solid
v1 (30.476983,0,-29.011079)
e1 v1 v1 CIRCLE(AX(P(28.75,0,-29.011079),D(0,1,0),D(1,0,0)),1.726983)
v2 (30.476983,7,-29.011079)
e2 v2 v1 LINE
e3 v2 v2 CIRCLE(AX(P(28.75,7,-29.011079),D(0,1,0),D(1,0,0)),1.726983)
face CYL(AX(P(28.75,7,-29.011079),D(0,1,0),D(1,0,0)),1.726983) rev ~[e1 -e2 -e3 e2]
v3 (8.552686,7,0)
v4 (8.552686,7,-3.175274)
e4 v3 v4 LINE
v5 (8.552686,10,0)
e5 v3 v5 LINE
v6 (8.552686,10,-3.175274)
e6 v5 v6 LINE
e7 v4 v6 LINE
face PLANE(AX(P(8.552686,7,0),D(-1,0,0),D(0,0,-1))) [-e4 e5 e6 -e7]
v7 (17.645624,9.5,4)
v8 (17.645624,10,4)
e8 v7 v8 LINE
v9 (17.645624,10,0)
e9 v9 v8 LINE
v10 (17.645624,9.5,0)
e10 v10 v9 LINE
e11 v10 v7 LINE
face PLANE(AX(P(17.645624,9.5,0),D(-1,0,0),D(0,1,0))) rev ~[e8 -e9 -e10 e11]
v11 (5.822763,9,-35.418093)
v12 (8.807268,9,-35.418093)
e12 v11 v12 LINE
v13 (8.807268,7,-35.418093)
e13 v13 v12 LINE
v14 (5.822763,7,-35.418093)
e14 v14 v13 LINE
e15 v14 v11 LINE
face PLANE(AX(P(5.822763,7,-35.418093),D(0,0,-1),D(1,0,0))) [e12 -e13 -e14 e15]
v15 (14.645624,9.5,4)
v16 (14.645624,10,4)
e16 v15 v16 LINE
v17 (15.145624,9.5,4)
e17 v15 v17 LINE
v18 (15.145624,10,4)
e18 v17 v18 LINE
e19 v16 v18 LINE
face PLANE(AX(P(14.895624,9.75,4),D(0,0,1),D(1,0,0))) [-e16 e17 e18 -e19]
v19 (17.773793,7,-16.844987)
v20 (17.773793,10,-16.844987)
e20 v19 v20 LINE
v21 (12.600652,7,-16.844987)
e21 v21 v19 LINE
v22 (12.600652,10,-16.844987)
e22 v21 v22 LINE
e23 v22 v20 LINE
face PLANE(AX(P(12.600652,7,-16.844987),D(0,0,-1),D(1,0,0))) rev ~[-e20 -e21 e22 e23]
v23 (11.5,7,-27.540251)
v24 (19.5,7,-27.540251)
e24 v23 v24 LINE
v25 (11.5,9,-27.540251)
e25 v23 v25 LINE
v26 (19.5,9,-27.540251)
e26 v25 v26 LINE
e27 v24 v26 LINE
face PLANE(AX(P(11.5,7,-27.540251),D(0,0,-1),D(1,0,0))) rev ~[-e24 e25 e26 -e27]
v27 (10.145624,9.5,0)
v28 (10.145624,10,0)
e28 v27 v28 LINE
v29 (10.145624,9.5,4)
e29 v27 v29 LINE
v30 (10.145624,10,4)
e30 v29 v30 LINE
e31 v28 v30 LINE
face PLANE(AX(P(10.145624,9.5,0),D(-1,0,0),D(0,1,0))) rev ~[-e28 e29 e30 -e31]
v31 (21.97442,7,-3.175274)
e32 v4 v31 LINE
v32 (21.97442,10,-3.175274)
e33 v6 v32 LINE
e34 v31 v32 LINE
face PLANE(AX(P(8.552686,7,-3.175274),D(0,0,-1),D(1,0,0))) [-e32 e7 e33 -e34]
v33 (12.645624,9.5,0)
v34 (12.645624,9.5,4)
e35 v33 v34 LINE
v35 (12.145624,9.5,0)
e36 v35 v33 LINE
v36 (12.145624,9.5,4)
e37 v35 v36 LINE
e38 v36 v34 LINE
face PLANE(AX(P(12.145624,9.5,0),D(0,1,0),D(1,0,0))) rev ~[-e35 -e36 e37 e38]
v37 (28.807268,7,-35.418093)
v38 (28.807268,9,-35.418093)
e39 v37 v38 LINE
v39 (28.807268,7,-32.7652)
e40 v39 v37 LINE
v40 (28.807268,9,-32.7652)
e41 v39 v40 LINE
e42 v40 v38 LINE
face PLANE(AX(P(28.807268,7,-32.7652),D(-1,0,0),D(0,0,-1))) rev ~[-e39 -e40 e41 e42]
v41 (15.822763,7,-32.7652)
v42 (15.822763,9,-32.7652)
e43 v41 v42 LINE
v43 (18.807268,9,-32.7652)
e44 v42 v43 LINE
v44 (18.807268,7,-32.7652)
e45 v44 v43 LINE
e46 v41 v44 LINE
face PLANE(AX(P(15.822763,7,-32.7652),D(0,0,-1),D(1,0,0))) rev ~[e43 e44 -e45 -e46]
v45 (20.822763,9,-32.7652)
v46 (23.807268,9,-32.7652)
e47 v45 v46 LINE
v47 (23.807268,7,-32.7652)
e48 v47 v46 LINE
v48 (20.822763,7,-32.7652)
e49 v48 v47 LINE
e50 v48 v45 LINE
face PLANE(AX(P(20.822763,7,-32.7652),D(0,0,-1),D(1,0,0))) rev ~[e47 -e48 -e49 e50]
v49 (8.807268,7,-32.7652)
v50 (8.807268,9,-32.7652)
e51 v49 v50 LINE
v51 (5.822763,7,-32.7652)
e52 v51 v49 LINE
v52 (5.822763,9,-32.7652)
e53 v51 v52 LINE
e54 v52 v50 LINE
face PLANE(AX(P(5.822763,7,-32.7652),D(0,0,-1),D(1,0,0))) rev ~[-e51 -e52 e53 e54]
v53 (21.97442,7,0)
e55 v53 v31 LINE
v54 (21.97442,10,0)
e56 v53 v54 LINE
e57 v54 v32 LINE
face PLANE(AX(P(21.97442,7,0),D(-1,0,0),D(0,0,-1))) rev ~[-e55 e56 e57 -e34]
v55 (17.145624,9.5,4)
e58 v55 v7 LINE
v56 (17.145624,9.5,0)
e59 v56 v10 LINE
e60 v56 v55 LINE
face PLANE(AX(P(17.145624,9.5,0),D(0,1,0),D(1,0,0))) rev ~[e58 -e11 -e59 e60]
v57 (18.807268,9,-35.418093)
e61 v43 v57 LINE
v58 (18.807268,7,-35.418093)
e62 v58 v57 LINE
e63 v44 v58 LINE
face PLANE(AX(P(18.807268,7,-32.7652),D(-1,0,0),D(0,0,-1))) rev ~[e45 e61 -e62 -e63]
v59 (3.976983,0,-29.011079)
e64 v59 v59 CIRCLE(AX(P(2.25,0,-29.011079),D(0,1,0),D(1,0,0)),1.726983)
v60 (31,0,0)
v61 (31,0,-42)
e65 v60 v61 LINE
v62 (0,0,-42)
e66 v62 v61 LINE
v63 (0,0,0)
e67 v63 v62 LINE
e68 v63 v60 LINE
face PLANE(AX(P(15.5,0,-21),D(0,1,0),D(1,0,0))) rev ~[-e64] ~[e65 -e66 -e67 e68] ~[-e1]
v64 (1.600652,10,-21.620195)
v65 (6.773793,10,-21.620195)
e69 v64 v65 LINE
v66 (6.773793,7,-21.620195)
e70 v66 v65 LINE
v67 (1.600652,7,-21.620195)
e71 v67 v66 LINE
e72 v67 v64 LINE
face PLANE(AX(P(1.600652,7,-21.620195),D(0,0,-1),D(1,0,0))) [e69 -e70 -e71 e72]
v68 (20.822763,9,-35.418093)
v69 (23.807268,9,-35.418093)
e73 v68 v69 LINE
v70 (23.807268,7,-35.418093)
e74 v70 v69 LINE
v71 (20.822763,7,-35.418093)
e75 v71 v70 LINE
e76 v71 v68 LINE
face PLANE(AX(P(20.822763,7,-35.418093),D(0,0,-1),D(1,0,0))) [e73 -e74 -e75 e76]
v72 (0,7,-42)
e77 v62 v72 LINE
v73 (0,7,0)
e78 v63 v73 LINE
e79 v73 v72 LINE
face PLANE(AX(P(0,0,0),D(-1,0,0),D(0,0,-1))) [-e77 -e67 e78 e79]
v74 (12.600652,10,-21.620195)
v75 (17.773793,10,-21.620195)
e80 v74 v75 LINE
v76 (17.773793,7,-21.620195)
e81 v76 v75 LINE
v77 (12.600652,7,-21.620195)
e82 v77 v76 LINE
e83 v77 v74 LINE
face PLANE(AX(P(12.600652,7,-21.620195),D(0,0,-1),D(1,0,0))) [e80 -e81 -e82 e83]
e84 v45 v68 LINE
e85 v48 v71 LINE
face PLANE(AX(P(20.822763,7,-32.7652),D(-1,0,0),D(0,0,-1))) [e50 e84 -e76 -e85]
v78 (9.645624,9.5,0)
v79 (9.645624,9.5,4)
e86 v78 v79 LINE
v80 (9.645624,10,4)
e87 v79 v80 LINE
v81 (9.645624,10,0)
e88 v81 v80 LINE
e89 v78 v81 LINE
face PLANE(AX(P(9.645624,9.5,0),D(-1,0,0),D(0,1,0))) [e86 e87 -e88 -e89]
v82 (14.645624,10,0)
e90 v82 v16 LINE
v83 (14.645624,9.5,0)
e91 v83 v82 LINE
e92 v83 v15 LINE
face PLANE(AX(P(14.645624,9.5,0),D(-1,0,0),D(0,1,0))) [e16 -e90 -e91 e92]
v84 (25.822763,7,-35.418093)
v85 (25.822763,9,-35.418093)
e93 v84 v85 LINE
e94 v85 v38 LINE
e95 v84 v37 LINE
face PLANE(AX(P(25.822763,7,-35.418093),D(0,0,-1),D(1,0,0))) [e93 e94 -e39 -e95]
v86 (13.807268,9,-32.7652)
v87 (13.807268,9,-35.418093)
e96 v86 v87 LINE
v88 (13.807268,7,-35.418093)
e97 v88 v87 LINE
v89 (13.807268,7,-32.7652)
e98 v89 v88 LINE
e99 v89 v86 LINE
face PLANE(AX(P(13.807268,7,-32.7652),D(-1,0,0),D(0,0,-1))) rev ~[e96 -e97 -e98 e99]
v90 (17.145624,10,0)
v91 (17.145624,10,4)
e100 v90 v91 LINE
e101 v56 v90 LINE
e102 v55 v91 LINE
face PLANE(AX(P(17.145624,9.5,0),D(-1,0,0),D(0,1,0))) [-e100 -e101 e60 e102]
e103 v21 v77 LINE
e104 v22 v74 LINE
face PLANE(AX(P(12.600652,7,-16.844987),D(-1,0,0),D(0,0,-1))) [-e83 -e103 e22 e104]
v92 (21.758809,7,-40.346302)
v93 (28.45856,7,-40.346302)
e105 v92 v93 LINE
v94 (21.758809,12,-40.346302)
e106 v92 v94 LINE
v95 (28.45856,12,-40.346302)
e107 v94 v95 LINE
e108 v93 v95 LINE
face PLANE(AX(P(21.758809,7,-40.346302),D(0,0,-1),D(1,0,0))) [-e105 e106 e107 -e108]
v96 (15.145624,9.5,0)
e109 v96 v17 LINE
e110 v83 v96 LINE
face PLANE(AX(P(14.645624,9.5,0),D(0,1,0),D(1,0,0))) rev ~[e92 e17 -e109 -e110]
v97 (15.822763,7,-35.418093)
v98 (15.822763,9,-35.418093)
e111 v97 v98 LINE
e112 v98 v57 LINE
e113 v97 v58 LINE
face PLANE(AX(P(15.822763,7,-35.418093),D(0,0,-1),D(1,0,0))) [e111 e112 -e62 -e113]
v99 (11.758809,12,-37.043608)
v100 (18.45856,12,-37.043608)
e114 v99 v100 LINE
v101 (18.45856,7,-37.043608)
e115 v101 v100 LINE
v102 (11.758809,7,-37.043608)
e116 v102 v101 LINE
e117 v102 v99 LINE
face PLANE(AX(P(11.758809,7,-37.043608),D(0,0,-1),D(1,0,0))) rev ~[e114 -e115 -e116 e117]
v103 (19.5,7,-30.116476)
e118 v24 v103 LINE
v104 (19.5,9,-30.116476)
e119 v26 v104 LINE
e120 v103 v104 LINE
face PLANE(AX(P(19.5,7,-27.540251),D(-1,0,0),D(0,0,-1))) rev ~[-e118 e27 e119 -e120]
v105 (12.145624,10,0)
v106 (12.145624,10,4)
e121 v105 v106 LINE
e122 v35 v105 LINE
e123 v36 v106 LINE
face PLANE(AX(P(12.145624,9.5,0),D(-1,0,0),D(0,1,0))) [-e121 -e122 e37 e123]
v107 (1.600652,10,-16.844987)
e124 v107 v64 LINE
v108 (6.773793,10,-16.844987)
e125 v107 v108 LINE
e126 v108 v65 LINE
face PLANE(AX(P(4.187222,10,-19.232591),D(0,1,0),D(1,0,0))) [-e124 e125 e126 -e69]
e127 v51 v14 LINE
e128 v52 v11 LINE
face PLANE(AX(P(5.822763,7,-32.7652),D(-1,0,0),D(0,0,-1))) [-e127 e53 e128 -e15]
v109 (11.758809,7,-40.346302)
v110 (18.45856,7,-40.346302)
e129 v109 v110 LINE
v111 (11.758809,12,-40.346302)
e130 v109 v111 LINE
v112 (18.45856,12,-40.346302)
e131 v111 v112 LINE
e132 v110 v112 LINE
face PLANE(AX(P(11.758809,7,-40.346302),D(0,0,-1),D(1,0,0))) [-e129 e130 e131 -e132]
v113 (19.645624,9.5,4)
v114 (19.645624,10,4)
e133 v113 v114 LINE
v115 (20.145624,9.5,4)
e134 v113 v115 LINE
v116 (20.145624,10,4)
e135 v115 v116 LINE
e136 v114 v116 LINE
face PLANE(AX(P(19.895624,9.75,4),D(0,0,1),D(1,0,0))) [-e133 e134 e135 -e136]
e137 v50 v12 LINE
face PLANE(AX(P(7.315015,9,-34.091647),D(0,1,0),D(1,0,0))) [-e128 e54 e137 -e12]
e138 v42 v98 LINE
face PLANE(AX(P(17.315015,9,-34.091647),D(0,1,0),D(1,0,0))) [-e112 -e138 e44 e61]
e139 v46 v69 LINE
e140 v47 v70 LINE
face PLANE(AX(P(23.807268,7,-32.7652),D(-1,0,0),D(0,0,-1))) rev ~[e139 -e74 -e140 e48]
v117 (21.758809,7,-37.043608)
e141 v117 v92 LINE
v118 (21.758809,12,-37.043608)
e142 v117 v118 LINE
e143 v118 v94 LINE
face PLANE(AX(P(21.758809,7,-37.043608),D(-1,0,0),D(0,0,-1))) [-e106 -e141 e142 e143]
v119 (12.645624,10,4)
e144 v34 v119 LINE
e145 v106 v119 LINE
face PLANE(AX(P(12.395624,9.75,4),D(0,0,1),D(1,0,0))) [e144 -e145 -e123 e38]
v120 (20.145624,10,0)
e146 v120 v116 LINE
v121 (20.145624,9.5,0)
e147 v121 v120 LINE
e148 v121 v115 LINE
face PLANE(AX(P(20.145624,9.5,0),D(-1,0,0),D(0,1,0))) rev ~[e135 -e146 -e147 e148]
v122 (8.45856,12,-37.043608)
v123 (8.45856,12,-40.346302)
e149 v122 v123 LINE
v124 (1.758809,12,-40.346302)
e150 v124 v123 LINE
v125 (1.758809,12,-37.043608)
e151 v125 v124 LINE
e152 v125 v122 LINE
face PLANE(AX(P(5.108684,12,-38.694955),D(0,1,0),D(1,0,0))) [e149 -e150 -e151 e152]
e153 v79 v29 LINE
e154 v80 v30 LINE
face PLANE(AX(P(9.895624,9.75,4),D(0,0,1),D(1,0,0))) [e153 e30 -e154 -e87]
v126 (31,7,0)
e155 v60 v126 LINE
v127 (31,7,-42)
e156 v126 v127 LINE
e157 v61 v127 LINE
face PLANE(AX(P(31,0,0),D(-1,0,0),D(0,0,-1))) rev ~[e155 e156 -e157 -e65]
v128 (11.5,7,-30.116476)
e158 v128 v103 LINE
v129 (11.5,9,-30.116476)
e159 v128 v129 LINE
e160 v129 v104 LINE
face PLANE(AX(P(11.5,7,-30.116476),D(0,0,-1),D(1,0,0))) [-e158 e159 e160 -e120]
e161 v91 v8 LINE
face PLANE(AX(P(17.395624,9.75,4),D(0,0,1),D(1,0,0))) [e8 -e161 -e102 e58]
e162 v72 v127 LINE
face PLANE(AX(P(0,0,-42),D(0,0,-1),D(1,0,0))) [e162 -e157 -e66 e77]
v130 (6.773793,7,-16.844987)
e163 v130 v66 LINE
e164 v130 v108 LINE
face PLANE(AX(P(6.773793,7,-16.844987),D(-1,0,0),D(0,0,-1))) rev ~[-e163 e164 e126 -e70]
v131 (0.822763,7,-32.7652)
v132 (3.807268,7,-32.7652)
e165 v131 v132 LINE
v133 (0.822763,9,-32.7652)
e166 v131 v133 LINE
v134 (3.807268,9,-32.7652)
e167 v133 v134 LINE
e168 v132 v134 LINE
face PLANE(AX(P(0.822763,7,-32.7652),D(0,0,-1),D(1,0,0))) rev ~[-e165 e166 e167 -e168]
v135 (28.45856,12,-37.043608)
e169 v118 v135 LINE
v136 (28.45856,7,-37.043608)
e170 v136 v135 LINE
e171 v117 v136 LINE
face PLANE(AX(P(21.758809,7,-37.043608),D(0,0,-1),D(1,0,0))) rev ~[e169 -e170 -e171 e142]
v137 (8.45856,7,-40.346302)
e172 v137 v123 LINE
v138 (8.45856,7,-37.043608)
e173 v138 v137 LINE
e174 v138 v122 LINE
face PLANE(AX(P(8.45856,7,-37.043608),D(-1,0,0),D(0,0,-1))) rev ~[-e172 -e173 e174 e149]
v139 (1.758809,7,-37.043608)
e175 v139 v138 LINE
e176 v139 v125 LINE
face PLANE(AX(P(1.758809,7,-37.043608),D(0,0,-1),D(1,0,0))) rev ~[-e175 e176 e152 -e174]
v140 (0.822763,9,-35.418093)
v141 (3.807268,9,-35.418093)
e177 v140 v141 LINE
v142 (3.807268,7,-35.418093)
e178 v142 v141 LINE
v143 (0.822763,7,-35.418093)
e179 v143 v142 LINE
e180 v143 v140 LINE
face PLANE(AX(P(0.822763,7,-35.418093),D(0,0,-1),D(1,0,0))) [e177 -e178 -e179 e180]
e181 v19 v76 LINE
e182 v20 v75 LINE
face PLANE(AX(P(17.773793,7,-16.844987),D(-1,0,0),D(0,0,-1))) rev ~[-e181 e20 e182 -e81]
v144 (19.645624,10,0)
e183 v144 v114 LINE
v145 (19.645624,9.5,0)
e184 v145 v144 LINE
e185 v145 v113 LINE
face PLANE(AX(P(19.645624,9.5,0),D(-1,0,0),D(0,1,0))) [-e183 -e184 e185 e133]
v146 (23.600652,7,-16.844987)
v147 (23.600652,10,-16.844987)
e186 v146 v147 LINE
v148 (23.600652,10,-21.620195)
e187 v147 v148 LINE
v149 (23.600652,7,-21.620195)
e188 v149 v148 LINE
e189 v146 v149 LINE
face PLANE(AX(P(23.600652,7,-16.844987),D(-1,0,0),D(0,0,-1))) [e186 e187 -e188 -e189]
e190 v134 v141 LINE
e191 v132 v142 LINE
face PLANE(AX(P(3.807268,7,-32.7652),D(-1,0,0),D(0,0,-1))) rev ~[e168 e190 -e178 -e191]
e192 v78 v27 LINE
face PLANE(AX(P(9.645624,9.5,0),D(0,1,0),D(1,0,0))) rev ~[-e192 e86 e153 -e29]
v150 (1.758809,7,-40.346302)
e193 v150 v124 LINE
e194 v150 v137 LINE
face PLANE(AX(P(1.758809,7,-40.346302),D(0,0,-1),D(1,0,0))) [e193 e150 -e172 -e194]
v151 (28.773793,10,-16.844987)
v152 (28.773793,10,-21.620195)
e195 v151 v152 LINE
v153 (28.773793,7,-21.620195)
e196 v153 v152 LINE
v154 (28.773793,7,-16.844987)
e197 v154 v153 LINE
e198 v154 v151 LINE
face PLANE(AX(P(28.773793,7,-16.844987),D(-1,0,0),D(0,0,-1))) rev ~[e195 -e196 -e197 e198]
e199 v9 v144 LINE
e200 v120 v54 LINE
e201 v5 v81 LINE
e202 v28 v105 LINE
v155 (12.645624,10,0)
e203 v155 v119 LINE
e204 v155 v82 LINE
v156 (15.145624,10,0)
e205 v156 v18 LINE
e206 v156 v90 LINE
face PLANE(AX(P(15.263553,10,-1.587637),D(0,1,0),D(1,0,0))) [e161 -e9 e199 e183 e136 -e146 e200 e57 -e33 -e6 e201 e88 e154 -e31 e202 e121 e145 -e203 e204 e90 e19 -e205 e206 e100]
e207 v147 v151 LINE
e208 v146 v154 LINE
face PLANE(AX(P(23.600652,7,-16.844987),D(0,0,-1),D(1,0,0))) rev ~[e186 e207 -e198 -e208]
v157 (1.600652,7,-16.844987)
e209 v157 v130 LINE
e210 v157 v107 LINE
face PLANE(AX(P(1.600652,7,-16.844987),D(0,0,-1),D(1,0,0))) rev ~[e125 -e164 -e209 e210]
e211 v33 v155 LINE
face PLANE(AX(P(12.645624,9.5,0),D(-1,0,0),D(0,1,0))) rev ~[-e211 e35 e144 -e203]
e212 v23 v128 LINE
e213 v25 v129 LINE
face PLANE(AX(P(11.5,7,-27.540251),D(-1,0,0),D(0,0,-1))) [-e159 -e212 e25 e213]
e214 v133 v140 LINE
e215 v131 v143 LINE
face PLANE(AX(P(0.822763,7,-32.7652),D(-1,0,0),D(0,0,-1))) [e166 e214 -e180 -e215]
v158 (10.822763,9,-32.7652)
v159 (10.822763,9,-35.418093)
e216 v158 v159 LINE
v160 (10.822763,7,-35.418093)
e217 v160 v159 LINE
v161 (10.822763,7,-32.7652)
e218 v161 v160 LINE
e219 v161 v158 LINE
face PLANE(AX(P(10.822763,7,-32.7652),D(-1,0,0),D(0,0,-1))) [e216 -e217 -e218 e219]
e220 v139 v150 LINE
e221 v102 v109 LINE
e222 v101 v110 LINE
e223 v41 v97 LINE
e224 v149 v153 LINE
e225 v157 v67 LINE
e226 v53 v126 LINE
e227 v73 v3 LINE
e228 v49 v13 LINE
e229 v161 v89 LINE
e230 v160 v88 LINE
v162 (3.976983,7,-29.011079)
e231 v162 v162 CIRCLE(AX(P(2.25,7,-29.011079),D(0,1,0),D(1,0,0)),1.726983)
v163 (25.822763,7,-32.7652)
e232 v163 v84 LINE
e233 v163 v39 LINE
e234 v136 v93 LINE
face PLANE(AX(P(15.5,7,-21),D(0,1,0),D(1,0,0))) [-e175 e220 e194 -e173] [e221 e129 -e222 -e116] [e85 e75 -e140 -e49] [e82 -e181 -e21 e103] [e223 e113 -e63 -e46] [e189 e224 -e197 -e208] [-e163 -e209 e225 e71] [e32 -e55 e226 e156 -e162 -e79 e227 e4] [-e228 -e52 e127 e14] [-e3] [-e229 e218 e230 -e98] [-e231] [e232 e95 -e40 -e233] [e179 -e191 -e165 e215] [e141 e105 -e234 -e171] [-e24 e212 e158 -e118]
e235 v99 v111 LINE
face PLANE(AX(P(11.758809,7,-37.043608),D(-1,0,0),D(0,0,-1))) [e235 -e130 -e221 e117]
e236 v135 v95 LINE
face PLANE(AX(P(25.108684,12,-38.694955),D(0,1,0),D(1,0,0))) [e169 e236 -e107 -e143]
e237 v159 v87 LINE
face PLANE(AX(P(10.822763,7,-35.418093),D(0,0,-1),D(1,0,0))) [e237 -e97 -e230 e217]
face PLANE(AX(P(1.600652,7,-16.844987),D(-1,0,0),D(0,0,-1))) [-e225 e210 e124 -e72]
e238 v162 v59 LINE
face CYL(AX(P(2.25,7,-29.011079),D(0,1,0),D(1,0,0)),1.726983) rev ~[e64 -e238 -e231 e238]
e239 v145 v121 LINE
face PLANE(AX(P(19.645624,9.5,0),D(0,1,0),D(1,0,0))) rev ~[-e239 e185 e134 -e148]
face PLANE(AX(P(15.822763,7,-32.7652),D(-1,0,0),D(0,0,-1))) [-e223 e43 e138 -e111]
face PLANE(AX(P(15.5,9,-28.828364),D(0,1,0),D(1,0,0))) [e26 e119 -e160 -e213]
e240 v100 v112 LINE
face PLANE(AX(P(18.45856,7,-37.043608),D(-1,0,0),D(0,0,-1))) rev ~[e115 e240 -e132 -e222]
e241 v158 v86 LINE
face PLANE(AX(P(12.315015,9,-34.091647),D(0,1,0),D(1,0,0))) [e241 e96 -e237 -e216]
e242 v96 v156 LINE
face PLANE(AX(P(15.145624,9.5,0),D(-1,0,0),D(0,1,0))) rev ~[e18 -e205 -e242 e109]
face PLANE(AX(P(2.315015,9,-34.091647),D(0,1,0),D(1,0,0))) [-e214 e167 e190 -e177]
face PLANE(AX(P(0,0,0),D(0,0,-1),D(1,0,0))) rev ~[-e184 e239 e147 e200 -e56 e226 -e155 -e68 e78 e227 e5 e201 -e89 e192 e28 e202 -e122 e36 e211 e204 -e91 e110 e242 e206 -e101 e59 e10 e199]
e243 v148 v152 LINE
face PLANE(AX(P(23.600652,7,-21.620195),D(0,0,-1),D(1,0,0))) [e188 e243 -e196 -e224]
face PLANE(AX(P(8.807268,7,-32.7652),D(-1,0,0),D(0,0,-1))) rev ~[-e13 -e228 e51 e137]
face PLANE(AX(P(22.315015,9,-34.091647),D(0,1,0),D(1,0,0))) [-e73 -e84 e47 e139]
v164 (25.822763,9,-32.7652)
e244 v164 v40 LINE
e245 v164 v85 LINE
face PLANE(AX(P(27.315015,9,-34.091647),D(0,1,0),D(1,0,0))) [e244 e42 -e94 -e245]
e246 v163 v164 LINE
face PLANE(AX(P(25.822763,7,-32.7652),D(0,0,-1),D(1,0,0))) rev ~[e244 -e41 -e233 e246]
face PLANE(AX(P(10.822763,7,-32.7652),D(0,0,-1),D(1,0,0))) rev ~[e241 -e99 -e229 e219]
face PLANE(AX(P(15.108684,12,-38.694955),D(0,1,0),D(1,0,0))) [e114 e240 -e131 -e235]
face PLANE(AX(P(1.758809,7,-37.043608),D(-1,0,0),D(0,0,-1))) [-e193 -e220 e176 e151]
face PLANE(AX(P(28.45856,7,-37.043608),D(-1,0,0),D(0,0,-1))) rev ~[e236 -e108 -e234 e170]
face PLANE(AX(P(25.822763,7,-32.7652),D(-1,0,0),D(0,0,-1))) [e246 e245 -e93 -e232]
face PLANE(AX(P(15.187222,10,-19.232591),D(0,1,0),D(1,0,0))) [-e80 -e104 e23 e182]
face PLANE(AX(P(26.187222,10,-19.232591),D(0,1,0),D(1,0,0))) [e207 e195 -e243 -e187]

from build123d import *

# Parameters (mm, degrees)
SKETCH_1_W          = 31
SKETCH_1_H          = 42
EXTRUDE_1_DEPTH     = 7
SKETCH_3_W          = 6.699750495
SKETCH_3_H          = 3.302693905
EXTRUDE_2_DEPTH     = 5
SKETCH_4_W          = 2.984504837
SKETCH_4_H          = 2.652893189
EXTRUDE_3_DEPTH     = 2
SKETCH_5_W          = 8
SKETCH_5_H          = 2.576224576
EXTRUDE_4_DEPTH     = 2
SKETCH_6_R          = 1.726982995
CUT_EXTRUDE_1_DEPTH = 8
SKETCH_7_W          = 5.173141718
SKETCH_7_H          = 4.77520774
SKETCH_7_W_2        = 13.421733696
SKETCH_7_H_2        = 3.175273919
EXTRUDE_5_DEPTH     = 3
SKETCH_8_W          = 0.5
SKETCH_8_H          = 0.5
EXTRUDE_6_DEPTH     = 4


with BuildPart() as part:
    # 草圖1 → 填料-伸長1 (new body)
    with BuildSketch(Plane(origin=(0, 0, 0), x_dir=(1, 0, 0), z_dir=(0, 1, 0))):
        with Locations((15.5, 21)):
            Rectangle(SKETCH_1_W, SKETCH_1_H)
    extrude(amount=EXTRUDE_1_DEPTH)

    # 草圖3 → 填料-伸長2 (add)
    with BuildSketch(Plane(origin=(0, 7, 0), x_dir=(1, 0, 0), z_dir=(0, 1, 0))):
        with Locations((15.108684373, 38.694954661)):
            Rectangle(SKETCH_3_W, SKETCH_3_H)
        with Locations((5.108684373, 38.694954661)):
            Rectangle(SKETCH_3_W, SKETCH_3_H)
        with Locations((25.108684373, 38.694954661)):
            Rectangle(SKETCH_3_W, SKETCH_3_H)
    extrude(amount=EXTRUDE_2_DEPTH)

    # 草圖4 → 填料-伸長3 (add)
    with BuildSketch(Plane(origin=(0, 7, 0), x_dir=(1, 0, 0), z_dir=(0, 1, 0))):
        with Locations((7.315015434, 34.091646646)):
            Rectangle(SKETCH_4_W, SKETCH_4_H)
        with Locations((2.315015434, 34.091646646)):
            Rectangle(SKETCH_4_W, SKETCH_4_H)
        with Locations((12.315015434, 34.091646646)):
            Rectangle(SKETCH_4_W, SKETCH_4_H)
        with Locations((17.315015434, 34.091646646)):
            Rectangle(SKETCH_4_W, SKETCH_4_H)
        with Locations((22.315015434, 34.091646646)):
            Rectangle(SKETCH_4_W, SKETCH_4_H)
        with Locations((27.315015434, 34.091646646)):
            Rectangle(SKETCH_4_W, SKETCH_4_H)
    extrude(amount=EXTRUDE_3_DEPTH)

    # 草圖5 → 填料-伸長4 (add)
    with BuildSketch(Plane(origin=(0, 7, 0), x_dir=(1, 0, 0), z_dir=(0, 1, 0))):
        with Locations((15.5, 28.828363784)):
            Rectangle(SKETCH_5_W, SKETCH_5_H)
    extrude(amount=EXTRUDE_4_DEPTH)

    # 草圖6 → 除料-伸長1 (cut, through all)
    with BuildSketch(Plane(origin=(0, 7, 0), x_dir=(1, 0, 0), z_dir=(0, 1, 0))):
        with Locations((2.25, 29.011078955)):
            Circle(SKETCH_6_R)
        with Locations((28.75, 29.011078955)):
            Circle(SKETCH_6_R)
    extrude(amount=-CUT_EXTRUDE_1_DEPTH, mode=Mode.SUBTRACT)

    # 草圖7 → 填料-伸長5 (add)
    with BuildSketch(Plane(origin=(0, 7, 0), x_dir=(1, 0, 0), z_dir=(0, 1, 0))):
        with Locations((15.187222404, 19.232590782)):
            Rectangle(SKETCH_7_W, SKETCH_7_H)
        with Locations((4.187222404, 19.232590782)):
            Rectangle(SKETCH_7_W, SKETCH_7_H)
        with Locations((26.187222404, 19.232590782)):
            Rectangle(SKETCH_7_W, SKETCH_7_H)
        with Locations((15.263552758, 1.58763696)):
            Rectangle(SKETCH_7_W_2, SKETCH_7_H_2)
    extrude(amount=EXTRUDE_5_DEPTH)

    # 草圖8 → 填料-伸長6 (add)
    with BuildSketch(Plane.XY):
        with Locations((9.895624486, 9.75)):
            Rectangle(SKETCH_8_W, SKETCH_8_H)
        with Locations((12.395624486, 9.75)):
            Rectangle(SKETCH_8_W, SKETCH_8_H)
        with Locations((14.895624486, 9.75)):
            Rectangle(SKETCH_8_W, SKETCH_8_H)
        with Locations((17.395624486, 9.75)):
            Rectangle(SKETCH_8_W, SKETCH_8_H)
        with Locations((19.895624486, 9.75)):
            Rectangle(SKETCH_8_W, SKETCH_8_H)
    extrude(amount=EXTRUDE_6_DEPTH)


solid = part.part
